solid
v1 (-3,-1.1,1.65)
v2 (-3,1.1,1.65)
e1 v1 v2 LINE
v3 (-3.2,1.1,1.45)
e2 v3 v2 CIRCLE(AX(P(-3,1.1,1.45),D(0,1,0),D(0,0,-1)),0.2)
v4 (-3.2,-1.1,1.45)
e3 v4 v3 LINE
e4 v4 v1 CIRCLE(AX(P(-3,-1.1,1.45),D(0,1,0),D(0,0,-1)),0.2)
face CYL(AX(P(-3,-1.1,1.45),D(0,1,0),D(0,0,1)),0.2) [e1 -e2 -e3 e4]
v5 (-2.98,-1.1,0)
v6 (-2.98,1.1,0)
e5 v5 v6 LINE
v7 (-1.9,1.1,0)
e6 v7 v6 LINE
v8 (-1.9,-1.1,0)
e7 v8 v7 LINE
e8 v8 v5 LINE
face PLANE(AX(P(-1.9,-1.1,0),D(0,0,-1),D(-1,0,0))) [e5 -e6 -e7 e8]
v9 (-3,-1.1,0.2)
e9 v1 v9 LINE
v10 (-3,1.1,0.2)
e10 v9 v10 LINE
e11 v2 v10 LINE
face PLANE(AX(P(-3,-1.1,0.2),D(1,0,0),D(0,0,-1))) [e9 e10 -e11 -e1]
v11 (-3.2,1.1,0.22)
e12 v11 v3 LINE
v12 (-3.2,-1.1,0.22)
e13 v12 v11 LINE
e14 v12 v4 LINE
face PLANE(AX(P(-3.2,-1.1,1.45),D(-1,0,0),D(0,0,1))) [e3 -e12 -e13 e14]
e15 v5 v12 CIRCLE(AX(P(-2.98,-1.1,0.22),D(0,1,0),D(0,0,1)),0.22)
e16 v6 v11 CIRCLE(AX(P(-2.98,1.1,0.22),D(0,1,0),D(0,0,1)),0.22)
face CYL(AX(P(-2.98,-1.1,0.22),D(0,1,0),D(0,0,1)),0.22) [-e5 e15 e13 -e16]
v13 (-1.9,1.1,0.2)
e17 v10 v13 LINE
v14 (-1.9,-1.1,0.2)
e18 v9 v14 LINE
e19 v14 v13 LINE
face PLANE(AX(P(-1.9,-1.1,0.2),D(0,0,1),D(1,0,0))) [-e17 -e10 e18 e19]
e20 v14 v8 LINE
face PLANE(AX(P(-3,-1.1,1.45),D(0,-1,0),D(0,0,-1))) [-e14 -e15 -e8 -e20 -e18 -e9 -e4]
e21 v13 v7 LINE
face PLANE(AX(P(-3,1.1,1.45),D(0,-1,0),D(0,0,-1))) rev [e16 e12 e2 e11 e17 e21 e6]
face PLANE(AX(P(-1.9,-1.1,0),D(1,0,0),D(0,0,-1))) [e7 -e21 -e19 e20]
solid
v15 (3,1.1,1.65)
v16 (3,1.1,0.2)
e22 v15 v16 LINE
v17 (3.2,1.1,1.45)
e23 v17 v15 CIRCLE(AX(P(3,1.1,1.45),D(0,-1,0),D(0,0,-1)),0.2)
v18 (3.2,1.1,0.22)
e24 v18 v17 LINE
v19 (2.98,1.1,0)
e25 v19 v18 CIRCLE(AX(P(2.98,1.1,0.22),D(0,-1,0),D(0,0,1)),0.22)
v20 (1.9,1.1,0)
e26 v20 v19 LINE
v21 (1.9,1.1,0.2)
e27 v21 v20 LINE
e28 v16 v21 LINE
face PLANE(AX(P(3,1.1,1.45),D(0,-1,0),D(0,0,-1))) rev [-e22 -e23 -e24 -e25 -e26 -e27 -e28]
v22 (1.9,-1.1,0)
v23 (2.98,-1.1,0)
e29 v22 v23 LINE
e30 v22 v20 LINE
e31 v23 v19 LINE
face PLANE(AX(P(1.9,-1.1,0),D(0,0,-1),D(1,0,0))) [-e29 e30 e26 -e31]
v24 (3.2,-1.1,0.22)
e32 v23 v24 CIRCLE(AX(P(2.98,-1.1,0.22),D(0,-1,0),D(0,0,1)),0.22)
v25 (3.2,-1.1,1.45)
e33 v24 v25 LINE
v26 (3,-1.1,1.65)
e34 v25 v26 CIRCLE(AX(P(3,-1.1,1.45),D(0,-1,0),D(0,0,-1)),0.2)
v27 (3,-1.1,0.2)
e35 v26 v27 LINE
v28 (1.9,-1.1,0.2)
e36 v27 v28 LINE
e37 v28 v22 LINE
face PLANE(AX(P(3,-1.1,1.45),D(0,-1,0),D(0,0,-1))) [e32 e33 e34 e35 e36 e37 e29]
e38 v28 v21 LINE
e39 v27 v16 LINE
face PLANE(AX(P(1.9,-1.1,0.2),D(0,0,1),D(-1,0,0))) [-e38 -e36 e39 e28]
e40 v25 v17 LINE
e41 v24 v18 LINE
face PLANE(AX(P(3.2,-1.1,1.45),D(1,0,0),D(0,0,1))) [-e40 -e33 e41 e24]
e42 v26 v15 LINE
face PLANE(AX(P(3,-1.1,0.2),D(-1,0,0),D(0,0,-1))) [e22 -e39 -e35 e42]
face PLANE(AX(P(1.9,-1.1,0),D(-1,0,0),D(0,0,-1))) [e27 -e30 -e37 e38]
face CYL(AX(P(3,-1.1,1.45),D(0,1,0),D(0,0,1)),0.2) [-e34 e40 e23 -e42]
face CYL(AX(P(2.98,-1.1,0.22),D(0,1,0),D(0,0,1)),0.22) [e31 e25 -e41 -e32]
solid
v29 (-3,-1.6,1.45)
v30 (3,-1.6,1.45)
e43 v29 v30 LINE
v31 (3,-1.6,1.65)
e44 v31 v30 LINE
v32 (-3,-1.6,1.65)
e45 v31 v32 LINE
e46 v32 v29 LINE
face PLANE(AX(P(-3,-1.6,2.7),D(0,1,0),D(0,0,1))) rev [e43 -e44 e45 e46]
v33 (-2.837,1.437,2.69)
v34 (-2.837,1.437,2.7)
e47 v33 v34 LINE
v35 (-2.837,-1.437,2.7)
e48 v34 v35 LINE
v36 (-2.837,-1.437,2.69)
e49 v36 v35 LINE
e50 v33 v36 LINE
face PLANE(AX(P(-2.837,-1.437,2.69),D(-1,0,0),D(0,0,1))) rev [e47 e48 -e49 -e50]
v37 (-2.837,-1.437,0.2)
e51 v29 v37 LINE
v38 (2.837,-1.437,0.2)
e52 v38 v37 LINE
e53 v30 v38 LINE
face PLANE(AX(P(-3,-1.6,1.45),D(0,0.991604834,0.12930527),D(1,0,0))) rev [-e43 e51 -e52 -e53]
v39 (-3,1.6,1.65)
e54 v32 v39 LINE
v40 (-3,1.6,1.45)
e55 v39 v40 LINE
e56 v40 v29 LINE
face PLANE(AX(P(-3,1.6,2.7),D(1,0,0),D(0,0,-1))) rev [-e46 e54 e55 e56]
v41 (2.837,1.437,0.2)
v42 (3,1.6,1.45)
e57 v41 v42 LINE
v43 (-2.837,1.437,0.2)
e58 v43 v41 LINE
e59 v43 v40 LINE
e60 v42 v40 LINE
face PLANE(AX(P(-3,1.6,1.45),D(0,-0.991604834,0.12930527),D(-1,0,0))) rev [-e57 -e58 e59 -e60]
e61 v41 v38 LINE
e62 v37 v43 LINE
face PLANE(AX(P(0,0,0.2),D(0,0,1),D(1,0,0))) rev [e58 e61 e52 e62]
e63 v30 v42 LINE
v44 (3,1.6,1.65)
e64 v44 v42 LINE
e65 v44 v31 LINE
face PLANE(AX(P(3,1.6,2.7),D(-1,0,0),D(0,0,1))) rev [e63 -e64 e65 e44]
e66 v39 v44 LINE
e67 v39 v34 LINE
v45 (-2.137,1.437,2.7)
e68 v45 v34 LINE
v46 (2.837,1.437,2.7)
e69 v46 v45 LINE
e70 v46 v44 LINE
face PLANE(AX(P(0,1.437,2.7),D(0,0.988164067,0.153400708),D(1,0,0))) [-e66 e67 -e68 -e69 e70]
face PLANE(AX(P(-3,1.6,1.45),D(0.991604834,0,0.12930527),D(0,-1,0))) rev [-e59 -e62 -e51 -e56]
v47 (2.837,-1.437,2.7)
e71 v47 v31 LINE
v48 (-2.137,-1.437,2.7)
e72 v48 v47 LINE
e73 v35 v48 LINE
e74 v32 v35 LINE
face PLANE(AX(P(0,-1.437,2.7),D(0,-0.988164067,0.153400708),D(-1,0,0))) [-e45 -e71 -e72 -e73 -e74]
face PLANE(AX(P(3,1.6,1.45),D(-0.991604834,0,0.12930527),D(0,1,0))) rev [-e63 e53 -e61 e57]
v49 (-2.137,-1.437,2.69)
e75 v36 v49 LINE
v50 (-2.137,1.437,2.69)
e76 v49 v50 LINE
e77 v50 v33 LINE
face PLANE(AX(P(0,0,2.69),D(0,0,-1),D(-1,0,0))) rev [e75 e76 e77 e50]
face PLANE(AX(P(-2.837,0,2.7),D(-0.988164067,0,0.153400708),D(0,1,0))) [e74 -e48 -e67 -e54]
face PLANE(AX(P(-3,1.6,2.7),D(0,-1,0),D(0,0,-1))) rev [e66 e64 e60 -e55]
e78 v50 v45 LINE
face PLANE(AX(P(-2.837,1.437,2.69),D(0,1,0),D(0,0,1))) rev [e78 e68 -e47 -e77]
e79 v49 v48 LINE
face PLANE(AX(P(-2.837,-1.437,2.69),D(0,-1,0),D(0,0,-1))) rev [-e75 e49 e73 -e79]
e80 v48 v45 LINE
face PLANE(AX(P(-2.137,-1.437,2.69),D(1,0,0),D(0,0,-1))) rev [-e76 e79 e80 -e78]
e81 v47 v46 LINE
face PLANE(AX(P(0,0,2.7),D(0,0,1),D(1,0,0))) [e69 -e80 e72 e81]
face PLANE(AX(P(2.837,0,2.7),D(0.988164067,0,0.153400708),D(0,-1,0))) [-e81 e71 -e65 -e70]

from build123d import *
from OCP.BRepFilletAPI import BRepFilletAPI_MakeChamfer

# Parameters (mm, degrees)
SKETCH_1_W           = 6
SKETCH_1_H           = 3.2
EXTRUDE_1_DEPTH      = 2.5
CHAMFER_1_SIZE       = 1.05
CHAMFER_1_SIZE2      = 0.163
CHAMFER_2_SIZE       = 0.163
CHAMFER_2_SIZE2      = 1.25
EXTRUDE_2_DEPTH      = 1.1
EXTRUDE_2_DEPTH_BACK = 1.1
SKETCH_3_W           = 0.7
SKETCH_3_H           = 2.874
CUT_EXTRUDE_1_DEPTH  = 0.01


with BuildPart() as part:
    # Эскиз1 → Бобышка-Вытянуть1 (new body)
    with BuildSketch(Plane.XY.offset(0.2)):
        Rectangle(SKETCH_1_W, SKETCH_1_H)
    extrude(amount=EXTRUDE_1_DEPTH)

    # Фаска1: one chamfer whose edges measure the first distance from different faces: ONE call of the kernel's chamfer builder (chamfer() names one face for all edges)
    chamfer_1_edges_1 = [part.edges().sort_by_distance(p)[0] for p in [
        (-3, 0, 2.7),
    ]]
    chamfer_1_side_1 = [part.faces().sort_by_distance(p)[0] for p in [
        (-3, 0, 1.45),
    ]]
    chamfer_1_edges_2 = [part.edges().sort_by_distance(p)[0] for p in [
        (0, -1.6, 2.7),
    ]]
    chamfer_1_side_2 = [part.faces().sort_by_distance(p)[0] for p in [
        (0, -1.6, 1.45),
    ]]
    chamfer_1_edges_3 = [part.edges().sort_by_distance(p)[0] for p in [
        (3, 0, 2.7),
    ]]
    chamfer_1_side_3 = [part.faces().sort_by_distance(p)[0] for p in [
        (3, 0, 1.45),
    ]]
    chamfer_1_edges_4 = [part.edges().sort_by_distance(p)[0] for p in [
        (0, 1.6, 2.7),
    ]]
    chamfer_1_side_4 = [part.faces().sort_by_distance(p)[0] for p in [
        (0, 1.6, 1.45),
    ]]
    chamfer_1 = BRepFilletAPI_MakeChamfer(part.part.solid().wrapped)
    for e in chamfer_1_edges_1:
        chamfer_1.Add(CHAMFER_1_SIZE, CHAMFER_1_SIZE2, e.wrapped, chamfer_1_side_1[0].wrapped)  # the first distance lies on this face
    for e in chamfer_1_edges_2:
        chamfer_1.Add(CHAMFER_1_SIZE, CHAMFER_1_SIZE2, e.wrapped, chamfer_1_side_2[0].wrapped)  # the first distance lies on this face
    for e in chamfer_1_edges_3:
        chamfer_1.Add(CHAMFER_1_SIZE, CHAMFER_1_SIZE2, e.wrapped, chamfer_1_side_3[0].wrapped)  # the first distance lies on this face
    for e in chamfer_1_edges_4:
        chamfer_1.Add(CHAMFER_1_SIZE, CHAMFER_1_SIZE2, e.wrapped, chamfer_1_side_4[0].wrapped)  # the first distance lies on this face
    add(Compound.cast(chamfer_1.Shape()), mode=Mode.REPLACE)

    # Фаска2
    chamfer_2_edges = [part.edges().sort_by_distance(p)[0] for p in [
        (0, -1.6, 0.2),
        (-3, 0, 0.2),
        (0, 1.6, 0.2),
        (3, 0, 0.2),
    ]]
    chamfer_2_side = [part.faces().sort_by_distance(p)[0] for p in [
        (0, 0, 0.2),
    ]]
    chamfer(chamfer_2_edges, length=CHAMFER_2_SIZE, length2=CHAMFER_2_SIZE2, reference=chamfer_2_side[0])

    # Эскиз3 → Вырез-Вытянуть1 (cut)
    with BuildSketch(Plane.XY.offset(2.7)):
        with Locations((-2.487, 0)):
            Rectangle(SKETCH_3_W, SKETCH_3_H)
    extrude(amount=-CUT_EXTRUDE_1_DEPTH, mode=Mode.SUBTRACT)


with BuildPart() as body_2:
    # Эскиз2 → Бобышка-Вытянуть2 (new, two sides: drawn at the far end of the back side and taken through both)
    with BuildSketch(Plane(origin=(0, 0, 0), x_dir=(1, 0, 0), z_dir=(0, 1, 0)).offset(-EXTRUDE_2_DEPTH_BACK)):
        with BuildLine():
            Line((-3, -0.2), (-3, -1.45))
            Line((-3, -1.45), (-3, -1.65))
            ThreePointArc((-3, -1.65), (-3.141421356, -1.591421356), (-3.2, -1.45))
            Line((-3.2, -1.45), (-3.2, -0.22))
            ThreePointArc((-3.2, -0.22), (-3.135563492, -0.064436508), (-2.98, 0))
            Line((-2.98, 0), (-1.9, 0))
            Line((-1.9, 0), (-1.9, -0.2))
            Line((-1.9, -0.2), (-3, -0.2))
        make_face()
    extrude(amount=EXTRUDE_2_DEPTH + EXTRUDE_2_DEPTH_BACK)


with BuildPart() as body_3:
    # Зеркальное отражение1: mirrored copy
    add(body_2.part.mirror(Plane(origin=(0, 0, 0), x_dir=(0, 0, 1), z_dir=(1, 0, 0))))


solid = Compound([part.part, body_2.part, body_3.part])
